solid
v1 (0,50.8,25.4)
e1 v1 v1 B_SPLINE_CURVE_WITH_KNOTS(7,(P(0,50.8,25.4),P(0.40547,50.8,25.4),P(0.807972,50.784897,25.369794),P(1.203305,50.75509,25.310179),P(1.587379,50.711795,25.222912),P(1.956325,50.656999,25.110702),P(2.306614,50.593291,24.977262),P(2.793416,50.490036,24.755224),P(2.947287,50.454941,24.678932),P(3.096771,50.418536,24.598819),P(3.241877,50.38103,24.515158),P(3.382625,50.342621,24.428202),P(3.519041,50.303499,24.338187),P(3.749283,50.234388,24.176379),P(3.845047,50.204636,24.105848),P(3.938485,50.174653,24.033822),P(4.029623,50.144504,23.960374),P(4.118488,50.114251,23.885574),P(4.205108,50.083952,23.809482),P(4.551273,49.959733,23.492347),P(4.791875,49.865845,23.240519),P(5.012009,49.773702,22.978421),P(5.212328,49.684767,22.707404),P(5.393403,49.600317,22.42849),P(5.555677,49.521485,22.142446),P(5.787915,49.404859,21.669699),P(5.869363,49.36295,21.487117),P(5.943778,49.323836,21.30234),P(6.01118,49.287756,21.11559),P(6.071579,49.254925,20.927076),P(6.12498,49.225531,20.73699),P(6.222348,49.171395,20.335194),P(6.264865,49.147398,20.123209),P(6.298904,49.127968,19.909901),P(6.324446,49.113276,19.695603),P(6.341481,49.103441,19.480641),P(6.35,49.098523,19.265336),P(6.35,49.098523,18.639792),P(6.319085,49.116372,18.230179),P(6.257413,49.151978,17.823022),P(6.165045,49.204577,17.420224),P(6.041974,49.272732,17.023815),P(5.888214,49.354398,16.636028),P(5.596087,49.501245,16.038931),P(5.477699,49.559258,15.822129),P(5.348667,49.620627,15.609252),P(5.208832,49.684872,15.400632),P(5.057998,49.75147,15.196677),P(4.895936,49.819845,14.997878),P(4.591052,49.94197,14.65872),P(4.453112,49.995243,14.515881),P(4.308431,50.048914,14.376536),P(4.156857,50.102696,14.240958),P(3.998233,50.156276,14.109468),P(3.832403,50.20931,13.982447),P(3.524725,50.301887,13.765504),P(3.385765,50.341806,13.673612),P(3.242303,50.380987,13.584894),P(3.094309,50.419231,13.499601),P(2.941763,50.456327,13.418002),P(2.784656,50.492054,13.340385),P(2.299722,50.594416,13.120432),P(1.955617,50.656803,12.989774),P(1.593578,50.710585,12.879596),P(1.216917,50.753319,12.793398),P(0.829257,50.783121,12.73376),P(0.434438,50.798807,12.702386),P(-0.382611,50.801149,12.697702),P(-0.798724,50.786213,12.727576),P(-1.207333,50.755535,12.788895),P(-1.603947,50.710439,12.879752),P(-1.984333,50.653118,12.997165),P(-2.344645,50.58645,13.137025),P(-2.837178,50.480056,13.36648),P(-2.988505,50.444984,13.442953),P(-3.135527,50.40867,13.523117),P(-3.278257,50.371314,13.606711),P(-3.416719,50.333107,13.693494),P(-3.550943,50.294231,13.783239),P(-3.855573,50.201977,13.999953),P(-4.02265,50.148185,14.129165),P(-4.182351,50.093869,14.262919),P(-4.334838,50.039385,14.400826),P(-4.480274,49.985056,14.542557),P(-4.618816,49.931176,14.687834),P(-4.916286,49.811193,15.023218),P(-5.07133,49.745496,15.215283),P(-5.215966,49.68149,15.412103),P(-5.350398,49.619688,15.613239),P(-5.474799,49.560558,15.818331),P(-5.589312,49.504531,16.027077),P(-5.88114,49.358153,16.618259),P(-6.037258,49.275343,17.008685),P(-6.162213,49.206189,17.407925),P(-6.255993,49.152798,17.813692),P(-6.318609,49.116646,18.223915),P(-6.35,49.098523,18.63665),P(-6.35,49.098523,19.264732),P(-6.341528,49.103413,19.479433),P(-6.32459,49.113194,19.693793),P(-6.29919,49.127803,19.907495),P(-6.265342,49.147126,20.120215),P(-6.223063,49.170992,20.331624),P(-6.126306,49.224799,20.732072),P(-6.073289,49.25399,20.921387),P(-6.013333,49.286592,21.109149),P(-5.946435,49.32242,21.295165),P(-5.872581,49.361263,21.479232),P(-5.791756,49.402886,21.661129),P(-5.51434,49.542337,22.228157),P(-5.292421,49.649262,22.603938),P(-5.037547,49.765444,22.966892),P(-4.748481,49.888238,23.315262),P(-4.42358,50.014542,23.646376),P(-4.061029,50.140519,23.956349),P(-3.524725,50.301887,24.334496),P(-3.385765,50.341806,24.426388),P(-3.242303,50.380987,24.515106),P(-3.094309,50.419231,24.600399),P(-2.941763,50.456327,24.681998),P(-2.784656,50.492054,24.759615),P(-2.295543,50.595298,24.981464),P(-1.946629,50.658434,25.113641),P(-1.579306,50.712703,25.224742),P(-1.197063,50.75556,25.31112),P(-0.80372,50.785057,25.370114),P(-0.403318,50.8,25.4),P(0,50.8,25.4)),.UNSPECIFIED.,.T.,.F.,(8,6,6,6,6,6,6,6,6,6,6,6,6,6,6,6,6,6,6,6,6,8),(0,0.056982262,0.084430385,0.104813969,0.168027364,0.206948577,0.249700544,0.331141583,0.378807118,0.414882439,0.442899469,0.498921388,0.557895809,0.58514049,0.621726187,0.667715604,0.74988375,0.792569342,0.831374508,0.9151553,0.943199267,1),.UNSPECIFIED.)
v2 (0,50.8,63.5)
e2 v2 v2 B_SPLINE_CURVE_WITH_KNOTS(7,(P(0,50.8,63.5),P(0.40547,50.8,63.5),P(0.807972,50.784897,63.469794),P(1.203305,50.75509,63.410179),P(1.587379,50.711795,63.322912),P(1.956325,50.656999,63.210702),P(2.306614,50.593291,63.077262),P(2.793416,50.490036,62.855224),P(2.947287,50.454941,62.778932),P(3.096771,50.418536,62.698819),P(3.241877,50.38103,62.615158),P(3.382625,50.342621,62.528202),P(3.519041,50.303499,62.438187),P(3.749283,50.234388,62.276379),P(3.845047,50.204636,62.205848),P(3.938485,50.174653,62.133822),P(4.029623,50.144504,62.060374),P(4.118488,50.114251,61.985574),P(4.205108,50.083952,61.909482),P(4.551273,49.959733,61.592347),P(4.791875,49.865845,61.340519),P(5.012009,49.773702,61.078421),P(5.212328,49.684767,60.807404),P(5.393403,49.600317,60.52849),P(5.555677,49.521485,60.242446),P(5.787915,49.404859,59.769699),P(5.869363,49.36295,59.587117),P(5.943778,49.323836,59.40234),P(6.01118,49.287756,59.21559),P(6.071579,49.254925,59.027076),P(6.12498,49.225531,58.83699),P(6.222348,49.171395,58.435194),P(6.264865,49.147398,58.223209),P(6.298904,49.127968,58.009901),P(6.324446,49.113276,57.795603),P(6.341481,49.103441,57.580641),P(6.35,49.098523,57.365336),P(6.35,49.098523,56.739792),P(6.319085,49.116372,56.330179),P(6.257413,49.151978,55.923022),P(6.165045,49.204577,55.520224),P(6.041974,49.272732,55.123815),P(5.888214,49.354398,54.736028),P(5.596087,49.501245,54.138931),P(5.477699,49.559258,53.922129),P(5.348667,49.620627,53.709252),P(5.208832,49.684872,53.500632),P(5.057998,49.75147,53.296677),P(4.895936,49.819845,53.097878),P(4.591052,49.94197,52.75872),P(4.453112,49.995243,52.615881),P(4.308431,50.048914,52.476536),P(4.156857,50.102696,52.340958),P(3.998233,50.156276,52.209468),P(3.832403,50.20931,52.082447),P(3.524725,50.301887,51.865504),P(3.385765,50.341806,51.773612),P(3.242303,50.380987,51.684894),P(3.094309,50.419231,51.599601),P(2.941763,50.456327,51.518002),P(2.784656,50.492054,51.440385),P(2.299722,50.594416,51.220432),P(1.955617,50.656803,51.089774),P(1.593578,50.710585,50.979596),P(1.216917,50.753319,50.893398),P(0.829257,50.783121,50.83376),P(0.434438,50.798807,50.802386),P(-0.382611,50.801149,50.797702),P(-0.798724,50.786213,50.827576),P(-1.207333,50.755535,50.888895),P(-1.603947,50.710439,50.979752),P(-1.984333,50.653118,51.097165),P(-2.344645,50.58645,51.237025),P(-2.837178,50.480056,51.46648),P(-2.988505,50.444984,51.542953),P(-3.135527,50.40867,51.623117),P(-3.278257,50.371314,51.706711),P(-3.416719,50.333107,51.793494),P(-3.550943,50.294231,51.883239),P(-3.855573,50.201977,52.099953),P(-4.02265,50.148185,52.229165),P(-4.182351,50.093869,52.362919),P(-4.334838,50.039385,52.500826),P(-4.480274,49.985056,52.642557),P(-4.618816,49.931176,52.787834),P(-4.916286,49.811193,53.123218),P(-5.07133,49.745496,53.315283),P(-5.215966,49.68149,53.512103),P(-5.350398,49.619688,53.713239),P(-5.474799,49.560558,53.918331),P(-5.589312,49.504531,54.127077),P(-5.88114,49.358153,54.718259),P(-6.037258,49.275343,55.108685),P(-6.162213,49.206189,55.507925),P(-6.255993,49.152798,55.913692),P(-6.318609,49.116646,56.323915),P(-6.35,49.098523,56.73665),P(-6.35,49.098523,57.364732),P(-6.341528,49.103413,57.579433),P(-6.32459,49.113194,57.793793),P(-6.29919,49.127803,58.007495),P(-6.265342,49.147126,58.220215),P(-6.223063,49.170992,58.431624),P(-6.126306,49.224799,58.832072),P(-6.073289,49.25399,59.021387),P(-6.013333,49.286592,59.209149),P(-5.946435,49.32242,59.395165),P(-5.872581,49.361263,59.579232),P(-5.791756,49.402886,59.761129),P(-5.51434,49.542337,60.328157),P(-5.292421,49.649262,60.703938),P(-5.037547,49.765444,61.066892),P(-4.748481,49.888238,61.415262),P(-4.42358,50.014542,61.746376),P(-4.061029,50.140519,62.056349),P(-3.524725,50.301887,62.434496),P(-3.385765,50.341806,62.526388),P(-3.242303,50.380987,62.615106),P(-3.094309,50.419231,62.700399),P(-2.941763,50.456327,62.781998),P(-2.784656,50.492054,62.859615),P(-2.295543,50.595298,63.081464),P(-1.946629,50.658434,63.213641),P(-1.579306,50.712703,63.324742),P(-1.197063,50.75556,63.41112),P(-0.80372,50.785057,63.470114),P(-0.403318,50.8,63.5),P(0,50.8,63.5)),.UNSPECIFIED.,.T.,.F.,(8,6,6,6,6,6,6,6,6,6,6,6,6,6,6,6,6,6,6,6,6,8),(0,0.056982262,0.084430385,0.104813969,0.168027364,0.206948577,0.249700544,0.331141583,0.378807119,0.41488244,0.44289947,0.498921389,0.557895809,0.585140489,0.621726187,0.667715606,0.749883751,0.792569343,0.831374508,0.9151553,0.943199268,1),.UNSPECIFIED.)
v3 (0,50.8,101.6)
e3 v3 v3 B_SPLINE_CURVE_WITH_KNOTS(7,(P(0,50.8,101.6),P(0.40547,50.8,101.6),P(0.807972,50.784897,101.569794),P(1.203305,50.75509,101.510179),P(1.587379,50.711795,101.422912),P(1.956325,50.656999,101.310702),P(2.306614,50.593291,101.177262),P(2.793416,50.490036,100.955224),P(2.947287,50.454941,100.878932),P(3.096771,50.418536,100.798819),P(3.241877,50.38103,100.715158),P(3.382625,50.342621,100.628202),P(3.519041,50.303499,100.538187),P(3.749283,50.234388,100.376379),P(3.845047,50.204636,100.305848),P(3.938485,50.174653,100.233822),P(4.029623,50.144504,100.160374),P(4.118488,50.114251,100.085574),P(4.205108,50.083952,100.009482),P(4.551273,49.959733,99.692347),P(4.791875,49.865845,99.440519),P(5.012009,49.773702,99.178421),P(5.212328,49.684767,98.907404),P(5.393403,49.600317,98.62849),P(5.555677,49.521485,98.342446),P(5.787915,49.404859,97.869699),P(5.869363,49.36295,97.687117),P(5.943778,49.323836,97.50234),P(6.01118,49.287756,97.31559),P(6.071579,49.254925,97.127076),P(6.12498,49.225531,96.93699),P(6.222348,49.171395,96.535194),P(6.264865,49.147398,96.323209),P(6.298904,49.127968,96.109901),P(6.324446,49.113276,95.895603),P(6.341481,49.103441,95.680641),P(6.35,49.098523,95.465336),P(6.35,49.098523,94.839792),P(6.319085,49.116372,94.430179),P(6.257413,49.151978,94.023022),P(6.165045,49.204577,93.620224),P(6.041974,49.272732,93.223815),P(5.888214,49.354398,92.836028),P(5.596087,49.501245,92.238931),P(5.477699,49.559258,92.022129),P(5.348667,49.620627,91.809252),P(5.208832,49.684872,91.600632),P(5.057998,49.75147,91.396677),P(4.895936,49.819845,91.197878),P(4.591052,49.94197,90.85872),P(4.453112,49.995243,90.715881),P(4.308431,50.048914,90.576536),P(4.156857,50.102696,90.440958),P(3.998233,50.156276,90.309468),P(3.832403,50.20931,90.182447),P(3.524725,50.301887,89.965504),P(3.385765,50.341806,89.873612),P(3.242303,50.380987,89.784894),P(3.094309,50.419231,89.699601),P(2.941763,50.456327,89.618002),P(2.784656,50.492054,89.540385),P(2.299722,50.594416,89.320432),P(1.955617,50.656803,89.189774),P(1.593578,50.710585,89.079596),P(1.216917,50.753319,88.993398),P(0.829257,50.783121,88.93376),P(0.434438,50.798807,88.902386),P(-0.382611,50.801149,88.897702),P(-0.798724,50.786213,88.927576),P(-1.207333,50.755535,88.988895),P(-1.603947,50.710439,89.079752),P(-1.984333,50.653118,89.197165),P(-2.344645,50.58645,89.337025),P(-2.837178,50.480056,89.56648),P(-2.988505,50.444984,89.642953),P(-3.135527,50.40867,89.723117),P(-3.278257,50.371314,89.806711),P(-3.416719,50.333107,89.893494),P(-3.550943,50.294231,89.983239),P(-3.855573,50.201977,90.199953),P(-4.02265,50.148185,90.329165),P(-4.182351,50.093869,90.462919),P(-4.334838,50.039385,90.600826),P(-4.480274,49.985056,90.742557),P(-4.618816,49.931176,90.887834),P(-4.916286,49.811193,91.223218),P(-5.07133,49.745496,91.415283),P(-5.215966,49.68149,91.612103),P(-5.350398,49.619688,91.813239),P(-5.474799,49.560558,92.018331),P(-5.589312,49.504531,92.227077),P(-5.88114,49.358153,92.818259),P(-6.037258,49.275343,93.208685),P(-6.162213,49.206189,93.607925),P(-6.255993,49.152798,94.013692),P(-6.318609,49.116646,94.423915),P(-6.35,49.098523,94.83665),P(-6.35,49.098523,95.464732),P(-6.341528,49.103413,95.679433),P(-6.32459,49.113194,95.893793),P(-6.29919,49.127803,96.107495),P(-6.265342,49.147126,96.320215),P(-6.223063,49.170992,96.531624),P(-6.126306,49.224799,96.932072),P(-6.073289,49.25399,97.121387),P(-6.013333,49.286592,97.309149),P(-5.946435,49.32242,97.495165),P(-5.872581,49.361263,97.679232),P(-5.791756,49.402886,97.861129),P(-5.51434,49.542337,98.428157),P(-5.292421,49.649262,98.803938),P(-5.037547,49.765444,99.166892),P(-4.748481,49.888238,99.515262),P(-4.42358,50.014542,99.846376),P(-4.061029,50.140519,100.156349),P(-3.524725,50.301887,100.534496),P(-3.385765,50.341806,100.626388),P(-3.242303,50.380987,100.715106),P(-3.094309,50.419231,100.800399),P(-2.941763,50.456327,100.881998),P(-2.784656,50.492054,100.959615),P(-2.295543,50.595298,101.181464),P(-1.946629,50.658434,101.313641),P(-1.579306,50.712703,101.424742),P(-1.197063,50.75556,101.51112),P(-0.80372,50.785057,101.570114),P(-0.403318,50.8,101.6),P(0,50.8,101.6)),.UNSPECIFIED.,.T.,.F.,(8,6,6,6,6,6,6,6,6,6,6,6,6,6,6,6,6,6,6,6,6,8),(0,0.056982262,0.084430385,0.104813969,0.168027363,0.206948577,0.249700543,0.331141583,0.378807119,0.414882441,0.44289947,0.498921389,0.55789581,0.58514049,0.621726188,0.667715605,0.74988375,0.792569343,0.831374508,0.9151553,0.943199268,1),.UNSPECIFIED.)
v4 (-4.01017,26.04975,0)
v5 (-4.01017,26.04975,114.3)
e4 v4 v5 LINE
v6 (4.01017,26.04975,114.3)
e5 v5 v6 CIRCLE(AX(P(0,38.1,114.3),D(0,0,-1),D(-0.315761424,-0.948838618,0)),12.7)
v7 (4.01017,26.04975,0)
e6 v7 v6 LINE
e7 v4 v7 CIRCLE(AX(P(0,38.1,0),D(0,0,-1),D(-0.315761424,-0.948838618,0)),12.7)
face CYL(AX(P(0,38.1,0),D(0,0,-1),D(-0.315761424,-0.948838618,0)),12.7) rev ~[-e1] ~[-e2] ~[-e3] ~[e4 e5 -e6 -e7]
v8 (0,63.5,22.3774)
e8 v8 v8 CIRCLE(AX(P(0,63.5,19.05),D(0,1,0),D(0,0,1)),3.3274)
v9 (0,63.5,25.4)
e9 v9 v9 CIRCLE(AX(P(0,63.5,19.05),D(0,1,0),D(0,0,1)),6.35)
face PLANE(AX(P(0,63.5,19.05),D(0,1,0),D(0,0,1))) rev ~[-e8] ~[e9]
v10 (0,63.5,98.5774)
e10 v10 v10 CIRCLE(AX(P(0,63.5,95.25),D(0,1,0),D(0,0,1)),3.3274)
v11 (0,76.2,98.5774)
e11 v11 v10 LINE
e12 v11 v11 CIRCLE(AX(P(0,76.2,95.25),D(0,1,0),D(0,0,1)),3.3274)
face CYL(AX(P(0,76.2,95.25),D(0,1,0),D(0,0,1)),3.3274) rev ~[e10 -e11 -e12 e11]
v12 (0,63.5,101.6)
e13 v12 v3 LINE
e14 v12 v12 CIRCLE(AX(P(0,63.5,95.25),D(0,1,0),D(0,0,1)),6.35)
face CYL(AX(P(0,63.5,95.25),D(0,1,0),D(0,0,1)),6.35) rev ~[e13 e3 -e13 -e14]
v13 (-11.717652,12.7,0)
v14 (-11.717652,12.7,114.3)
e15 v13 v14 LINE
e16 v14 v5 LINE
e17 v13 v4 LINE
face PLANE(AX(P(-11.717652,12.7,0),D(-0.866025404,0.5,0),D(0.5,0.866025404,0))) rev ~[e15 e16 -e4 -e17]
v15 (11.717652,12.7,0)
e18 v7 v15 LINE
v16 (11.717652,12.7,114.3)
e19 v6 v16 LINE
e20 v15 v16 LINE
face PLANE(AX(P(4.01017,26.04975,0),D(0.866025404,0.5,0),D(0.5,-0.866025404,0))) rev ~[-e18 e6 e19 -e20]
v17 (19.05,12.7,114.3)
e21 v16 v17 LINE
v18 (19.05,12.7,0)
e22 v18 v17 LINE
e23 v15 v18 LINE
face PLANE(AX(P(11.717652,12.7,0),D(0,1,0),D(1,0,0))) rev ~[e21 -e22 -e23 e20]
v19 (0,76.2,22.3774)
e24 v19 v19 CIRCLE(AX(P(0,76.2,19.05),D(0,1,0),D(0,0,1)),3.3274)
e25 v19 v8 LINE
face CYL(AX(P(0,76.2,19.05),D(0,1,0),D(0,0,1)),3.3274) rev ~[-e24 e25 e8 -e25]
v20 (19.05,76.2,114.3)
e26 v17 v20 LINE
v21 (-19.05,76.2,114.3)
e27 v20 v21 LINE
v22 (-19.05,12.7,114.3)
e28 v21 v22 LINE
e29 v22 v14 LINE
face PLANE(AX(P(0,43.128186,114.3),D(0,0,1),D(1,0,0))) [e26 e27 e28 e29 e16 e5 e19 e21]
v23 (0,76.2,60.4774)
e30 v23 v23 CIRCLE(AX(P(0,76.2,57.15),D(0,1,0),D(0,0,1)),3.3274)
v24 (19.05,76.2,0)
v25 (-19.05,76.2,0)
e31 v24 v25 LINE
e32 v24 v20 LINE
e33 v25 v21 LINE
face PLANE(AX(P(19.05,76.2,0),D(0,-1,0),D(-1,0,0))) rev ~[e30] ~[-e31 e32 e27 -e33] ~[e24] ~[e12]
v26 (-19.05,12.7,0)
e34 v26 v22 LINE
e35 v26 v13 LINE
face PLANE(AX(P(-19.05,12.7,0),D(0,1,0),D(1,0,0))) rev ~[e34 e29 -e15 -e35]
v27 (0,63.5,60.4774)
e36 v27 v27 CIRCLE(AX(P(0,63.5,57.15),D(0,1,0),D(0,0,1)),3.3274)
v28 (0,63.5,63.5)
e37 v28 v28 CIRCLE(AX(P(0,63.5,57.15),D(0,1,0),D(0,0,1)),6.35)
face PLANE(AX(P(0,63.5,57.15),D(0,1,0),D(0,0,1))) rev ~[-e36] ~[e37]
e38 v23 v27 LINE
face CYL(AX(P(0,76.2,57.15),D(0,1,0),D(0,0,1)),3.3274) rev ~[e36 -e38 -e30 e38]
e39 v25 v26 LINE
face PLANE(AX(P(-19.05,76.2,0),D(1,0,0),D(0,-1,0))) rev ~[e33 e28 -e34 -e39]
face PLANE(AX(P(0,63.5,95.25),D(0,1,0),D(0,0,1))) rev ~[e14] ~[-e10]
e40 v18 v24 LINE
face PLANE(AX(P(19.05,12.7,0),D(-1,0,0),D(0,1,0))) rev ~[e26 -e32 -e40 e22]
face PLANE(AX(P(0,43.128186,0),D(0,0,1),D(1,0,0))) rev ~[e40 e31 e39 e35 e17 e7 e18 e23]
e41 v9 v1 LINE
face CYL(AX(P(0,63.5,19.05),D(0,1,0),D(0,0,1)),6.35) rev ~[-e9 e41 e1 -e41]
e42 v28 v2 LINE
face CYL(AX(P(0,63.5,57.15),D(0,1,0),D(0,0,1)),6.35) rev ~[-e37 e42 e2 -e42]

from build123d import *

# Parameters (mm, degrees)
BOSS_EXTRUDE1_DEPTH     = 114.3
SKETCH2_R               = 3.3274
CUT_EXTRUDE1_DEPTH      = 133.134940496
CUT_EXTRUDE2_REACH      = 128.523
CUT_EXTRUDE2_END_RADIUS = 12.7
SKETCH3_R               = 6.35


with BuildPart() as part:
    # Sketch1 → Boss-Extrude1 (new body)
    with BuildSketch(Plane.XY):
        with BuildLine():
            Line((4.010170085, 26.049749551), (11.717651581, 12.7))
            Line((11.717651581, 12.7), (19.05, 12.7))
            Line((19.05, 12.7), (19.05, 76.2))
            Line((19.05, 76.2), (-19.05, 76.2))
            Line((-19.05, 76.2), (-19.05, 12.7))
            Line((-19.05, 12.7), (-11.717651581, 12.7))
            Line((-11.717651581, 12.7), (-4.010170085, 26.049749551))
            ThreePointArc((-4.010170085, 26.049749551), (0, 50.8), (4.010170085, 26.049749551))
        make_face()
    extrude(amount=BOSS_EXTRUDE1_DEPTH)

    # Sketch2 → Cut-Extrude1 (cut, through all)
    with BuildSketch(Plane(origin=(0, 76.2, 0), x_dir=(1, 0, 0), z_dir=(0, 1, 0))):
        with Locations(Location((0, -19.05, 0), (0, 0, 270))):
            Circle(SKETCH2_R)
        with Locations(Location((0, -57.15, 0), (0, 0, 270))):
            Circle(SKETCH2_R)
        with Locations(Location((0, -95.25, 0), (0, 0, 270))):
            Circle(SKETCH2_R)
    extrude(amount=-CUT_EXTRUDE1_DEPTH, mode=Mode.SUBTRACT)

    # Cut-Extrude2: up to this cylinder (the profile starts outside it)
    cut_extrude2_end = Plane(origin=(0, 38.1, 57.15), z_dir=(0, 0, -1)) * Cylinder(CUT_EXTRUDE2_END_RADIUS, 359.646, mode=Mode.PRIVATE)
    # Sketch3 → Cut-Extrude2 (cut, up to the surface)
    with BuildSketch(Plane(origin=(0, 63.5, 0), x_dir=(1, 0, 0), z_dir=(0, 1, 0)), mode=Mode.PRIVATE) as cut_extrude2_sk1:
        with Locations(Location((0, -19.05, 0), (0, 0, 270))):
            Circle(SKETCH3_R)
    cut_extrude2_tool1 = extrude(cut_extrude2_sk1.sketch, amount=-CUT_EXTRUDE2_REACH, mode=Mode.PRIVATE) - cut_extrude2_end
    add(cut_extrude2_tool1.solids().sort_by_distance((0, 63.5, 19.05))[0], mode=Mode.SUBTRACT)
    # Sketch3 → Cut-Extrude2 (cut, up to the surface)
    with BuildSketch(Plane(origin=(0, 63.5, 0), x_dir=(1, 0, 0), z_dir=(0, 1, 0)), mode=Mode.PRIVATE) as cut_extrude2_sk2:
        with Locations(Location((0, -57.15, 0), (0, 0, 270))):
            Circle(SKETCH3_R)
    cut_extrude2_tool2 = extrude(cut_extrude2_sk2.sketch, amount=-CUT_EXTRUDE2_REACH, mode=Mode.PRIVATE) - cut_extrude2_end
    add(cut_extrude2_tool2.solids().sort_by_distance((0, 63.5, 57.15))[0], mode=Mode.SUBTRACT)
    # Sketch3 → Cut-Extrude2 (cut, up to the surface)
    with BuildSketch(Plane(origin=(0, 63.5, 0), x_dir=(1, 0, 0), z_dir=(0, 1, 0)), mode=Mode.PRIVATE) as cut_extrude2_sk3:
        with Locations(Location((0, -95.25, 0), (0, 0, 270))):
            Circle(SKETCH3_R)
    cut_extrude2_tool3 = extrude(cut_extrude2_sk3.sketch, amount=-CUT_EXTRUDE2_REACH, mode=Mode.PRIVATE) - cut_extrude2_end
    add(cut_extrude2_tool3.solids().sort_by_distance((0, 63.5, 95.25))[0], mode=Mode.SUBTRACT)


solid = part.part
